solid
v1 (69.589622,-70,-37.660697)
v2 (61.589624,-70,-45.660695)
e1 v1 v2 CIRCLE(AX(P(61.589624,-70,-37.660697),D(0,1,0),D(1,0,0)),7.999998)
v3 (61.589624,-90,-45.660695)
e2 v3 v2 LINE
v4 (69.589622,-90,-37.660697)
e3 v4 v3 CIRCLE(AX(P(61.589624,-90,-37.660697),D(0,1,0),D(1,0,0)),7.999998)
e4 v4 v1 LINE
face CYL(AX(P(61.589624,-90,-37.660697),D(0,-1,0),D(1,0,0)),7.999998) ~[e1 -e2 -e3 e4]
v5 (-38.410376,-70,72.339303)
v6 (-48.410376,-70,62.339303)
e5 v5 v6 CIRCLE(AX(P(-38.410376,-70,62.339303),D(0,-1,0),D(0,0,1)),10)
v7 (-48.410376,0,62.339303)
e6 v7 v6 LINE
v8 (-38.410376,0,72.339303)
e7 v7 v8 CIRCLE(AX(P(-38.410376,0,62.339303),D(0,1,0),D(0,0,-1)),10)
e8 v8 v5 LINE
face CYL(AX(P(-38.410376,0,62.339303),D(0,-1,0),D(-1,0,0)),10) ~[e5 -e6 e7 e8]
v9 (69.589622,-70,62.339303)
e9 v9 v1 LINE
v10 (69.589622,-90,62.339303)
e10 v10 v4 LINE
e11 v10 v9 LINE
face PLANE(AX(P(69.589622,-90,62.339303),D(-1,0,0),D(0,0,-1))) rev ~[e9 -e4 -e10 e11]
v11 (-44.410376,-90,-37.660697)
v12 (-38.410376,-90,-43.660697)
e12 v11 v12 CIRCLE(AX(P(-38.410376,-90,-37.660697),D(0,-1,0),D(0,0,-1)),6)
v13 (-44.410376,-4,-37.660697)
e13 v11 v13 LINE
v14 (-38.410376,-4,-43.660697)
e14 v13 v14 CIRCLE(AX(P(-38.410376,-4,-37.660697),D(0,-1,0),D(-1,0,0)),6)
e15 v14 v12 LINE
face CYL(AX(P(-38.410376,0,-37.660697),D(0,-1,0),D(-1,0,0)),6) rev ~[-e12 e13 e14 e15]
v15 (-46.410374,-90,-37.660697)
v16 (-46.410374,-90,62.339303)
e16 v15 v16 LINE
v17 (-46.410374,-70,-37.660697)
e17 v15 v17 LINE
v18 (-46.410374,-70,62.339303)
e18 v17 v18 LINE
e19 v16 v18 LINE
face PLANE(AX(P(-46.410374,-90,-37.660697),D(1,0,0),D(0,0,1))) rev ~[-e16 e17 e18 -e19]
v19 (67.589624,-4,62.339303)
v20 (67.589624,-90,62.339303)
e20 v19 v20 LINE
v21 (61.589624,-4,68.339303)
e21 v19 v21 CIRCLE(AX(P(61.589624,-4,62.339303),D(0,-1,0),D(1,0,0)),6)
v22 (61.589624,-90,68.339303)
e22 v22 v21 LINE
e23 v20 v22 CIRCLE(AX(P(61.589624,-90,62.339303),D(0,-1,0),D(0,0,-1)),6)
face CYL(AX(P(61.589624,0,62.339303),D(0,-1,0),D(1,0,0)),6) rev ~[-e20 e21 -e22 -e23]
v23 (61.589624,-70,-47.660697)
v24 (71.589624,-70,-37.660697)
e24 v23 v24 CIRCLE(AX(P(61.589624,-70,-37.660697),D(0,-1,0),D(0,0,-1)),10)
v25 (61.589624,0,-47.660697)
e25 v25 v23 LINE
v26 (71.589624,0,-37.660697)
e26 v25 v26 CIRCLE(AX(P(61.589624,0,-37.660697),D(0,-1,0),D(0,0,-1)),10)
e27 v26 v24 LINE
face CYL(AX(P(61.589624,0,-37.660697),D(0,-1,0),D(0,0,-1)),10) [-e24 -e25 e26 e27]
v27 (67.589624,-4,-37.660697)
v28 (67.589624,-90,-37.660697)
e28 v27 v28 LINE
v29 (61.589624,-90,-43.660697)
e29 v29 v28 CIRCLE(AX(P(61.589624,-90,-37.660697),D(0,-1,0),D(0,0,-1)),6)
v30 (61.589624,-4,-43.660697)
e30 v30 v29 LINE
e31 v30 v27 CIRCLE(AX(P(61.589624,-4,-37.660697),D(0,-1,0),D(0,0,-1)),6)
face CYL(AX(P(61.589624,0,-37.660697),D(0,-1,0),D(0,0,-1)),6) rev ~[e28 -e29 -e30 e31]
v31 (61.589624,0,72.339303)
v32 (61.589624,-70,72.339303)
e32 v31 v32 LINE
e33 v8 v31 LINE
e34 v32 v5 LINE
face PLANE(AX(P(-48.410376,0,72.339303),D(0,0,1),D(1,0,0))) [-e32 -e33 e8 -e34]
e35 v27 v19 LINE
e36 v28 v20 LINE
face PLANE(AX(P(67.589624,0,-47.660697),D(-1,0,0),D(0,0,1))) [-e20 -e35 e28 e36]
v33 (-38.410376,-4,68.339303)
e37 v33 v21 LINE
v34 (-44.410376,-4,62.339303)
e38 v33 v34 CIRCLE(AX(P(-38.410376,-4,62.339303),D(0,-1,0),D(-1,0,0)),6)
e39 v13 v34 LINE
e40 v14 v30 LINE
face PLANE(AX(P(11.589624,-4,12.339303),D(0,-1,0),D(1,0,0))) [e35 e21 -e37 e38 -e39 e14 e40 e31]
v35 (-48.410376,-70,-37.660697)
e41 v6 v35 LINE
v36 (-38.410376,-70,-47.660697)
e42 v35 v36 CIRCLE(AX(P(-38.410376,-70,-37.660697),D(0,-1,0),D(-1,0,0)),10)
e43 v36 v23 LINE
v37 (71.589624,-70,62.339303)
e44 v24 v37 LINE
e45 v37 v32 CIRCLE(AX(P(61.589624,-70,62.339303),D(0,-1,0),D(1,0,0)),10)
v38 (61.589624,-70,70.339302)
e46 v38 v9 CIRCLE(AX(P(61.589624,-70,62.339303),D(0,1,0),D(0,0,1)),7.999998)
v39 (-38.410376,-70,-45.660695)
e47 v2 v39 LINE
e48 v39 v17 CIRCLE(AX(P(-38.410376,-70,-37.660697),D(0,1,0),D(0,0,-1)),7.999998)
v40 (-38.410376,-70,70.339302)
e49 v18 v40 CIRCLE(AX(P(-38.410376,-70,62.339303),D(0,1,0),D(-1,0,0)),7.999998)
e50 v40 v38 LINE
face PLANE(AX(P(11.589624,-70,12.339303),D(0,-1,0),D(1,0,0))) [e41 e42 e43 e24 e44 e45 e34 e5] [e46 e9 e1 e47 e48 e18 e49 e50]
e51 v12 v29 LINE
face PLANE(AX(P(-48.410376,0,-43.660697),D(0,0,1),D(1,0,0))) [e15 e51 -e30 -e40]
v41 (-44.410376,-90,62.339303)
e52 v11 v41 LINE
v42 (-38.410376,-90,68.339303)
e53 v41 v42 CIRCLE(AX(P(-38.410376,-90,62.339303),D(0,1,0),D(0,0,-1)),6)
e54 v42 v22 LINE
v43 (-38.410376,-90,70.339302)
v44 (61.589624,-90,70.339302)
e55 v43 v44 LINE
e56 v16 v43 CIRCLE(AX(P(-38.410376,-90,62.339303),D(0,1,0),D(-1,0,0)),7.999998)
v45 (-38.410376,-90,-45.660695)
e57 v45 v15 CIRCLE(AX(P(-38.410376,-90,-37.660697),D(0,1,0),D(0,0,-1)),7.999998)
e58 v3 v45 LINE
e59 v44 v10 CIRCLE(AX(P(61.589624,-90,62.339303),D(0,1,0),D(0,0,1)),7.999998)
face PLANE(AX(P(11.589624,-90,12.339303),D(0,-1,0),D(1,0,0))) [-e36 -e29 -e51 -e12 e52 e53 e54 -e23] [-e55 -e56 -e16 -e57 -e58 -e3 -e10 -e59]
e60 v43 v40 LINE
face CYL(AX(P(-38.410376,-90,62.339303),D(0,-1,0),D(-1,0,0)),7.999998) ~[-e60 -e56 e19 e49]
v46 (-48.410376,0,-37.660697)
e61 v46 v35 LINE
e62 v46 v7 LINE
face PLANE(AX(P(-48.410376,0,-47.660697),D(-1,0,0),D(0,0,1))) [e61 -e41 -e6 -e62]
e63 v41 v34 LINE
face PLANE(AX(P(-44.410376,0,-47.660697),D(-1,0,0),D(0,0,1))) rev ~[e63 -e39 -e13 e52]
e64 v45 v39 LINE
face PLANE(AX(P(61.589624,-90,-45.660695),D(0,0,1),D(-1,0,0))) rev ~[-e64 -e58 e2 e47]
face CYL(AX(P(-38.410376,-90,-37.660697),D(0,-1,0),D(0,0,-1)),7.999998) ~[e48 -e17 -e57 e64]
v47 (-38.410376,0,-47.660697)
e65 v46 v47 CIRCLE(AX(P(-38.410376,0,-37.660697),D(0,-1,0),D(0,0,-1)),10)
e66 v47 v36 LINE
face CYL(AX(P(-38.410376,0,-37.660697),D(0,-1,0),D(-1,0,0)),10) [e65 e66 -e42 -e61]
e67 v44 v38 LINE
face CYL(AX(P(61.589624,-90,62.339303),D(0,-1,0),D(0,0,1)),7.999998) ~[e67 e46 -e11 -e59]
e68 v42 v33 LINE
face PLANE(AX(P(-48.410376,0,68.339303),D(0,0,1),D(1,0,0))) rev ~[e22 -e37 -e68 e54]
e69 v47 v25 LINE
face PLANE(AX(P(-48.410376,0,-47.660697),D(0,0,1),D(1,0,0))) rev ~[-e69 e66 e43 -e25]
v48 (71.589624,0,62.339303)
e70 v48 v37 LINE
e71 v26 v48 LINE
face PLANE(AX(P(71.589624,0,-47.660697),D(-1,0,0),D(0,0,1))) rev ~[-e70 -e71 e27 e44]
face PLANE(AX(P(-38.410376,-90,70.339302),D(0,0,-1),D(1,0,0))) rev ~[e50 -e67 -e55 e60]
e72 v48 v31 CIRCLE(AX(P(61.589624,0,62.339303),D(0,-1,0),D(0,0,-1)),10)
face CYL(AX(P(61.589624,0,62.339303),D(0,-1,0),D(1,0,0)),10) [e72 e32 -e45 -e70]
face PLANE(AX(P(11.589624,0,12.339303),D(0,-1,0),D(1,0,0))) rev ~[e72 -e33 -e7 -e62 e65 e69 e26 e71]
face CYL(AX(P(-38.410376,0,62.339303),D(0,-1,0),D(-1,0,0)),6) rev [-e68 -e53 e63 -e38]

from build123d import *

# Parameters (mm, degrees)
F0_W     = 120
F0_H     = 120
F1_DEPTH = 90
F2_R     = 10
F3_T     = -4
F5_DEPTH = 20


with BuildPart() as f1:
    # F0 (on Front) → F1 (new body)
    with BuildSketch(Plane.XZ):
        with Locations((11.5896239877, 12.3393032681)):
            Rectangle(F0_W, F0_H)
    extrude(amount=F1_DEPTH)

    # F2
    f2_edges = [f1.edges().sort_by_distance(p)[0] for p in [
        (71.589624, -45, 72.339303),
        (-48.410376, -45, 72.339303),
        (71.589624, -45, -47.660697),
        (-48.410376, -45, -47.660697),
    ]]
    fillet(f2_edges, radius=F2_R)

    # F3
    f3_openings = [f1.faces().sort_by_distance(p)[0] for p in [
        (11.589624, -90, 12.339303),
    ]]
    offset(amount=F3_T, openings=f3_openings)

    # F4 (on face) → F5 (cut)
    with BuildSketch(Plane.XZ.offset(90)):
        with BuildLine():
            ThreePointArc((-38.4103760123, 72.3393032681), (-45.4814438242, 69.41037108), (-48.4103760123, 62.3393032681))
            Line((-48.4103760123, 62.3393032681), (-48.4103760123, -37.6606967319))
            ThreePointArc((-48.4103760123, -37.6606967319), (-45.4814438242, -44.7317645437), (-38.4103760123, -47.6606967319))
            Line((-38.4103760123, -47.6606967319), (61.5896239877, -47.6606967319))
            ThreePointArc((61.5896239877, -47.6606967319), (68.6606917995, -44.7317645437), (71.5896239877, -37.6606967319))
            Line((71.5896239877, -37.6606967319), (71.5896239877, 62.3393032681))
            ThreePointArc((71.5896239877, 62.3393032681), (68.6606917995, 69.41037108), (61.5896239877, 72.3393032681))
            Line((61.5896239877, 72.3393032681), (-38.4103760123, 72.3393032681))
        make_face()
        with BuildLine():
            ThreePointArc((-46.4103743434, 62.3393032681), (-44.0672290817, 67.9961563375), (-38.4103760123, 70.3393015992))
            Line((-38.4103760123, 70.3393015992), (61.5896239877, 70.3393015992))
            ThreePointArc((61.5896239877, 70.3393015992), (67.2464770571, 67.9961563375), (69.5896223187, 62.3393032681))
            Line((69.5896223187, 62.3393032681), (69.5896223187, -37.6606967319))
            ThreePointArc((69.5896223187, -37.6606967319), (67.2464770571, -43.3175498012), (61.5896239877, -45.6606950629))
            Line((61.5896239877, -45.6606950629), (-38.4103760123, -45.6606950629))
            ThreePointArc((-38.4103760123, -45.6606950629), (-44.0672290817, -43.3175498012), (-46.4103743434, -37.6606967319))
            Line((-46.4103743434, -37.6606967319), (-46.4103743434, 62.3393032681))
        make_face(mode=Mode.SUBTRACT)
        with BuildLine():
            Line((-44.4103760123, 62.3393032681), (-44.4103760123, -37.6606967319))
            ThreePointArc((-44.4103760123, -37.6606967319), (-42.6530166994, -41.903337419), (-38.4103760123, -43.6606967319))
            Line((-38.4103760123, -43.6606967319), (61.5896239877, -43.6606967319))
            ThreePointArc((61.5896239877, -43.6606967319), (65.8322646748, -41.903337419), (67.5896239877, -37.6606967319))
            Line((67.5896239877, -37.6606967319), (67.5896239877, 62.3393032681))
            ThreePointArc((67.5896239877, 62.3393032681), (65.8322646748, 66.5819439553), (61.5896239877, 68.3393032681))
            Line((61.5896239877, 68.3393032681), (-38.4103760123, 68.3393032681))
            ThreePointArc((-38.4103760123, 68.3393032681), (-42.6530166994, 66.5819439553), (-44.4103760123, 62.3393032681))
        make_face()
    extrude(amount=-F5_DEPTH, mode=Mode.SUBTRACT)


solid = f1.part
